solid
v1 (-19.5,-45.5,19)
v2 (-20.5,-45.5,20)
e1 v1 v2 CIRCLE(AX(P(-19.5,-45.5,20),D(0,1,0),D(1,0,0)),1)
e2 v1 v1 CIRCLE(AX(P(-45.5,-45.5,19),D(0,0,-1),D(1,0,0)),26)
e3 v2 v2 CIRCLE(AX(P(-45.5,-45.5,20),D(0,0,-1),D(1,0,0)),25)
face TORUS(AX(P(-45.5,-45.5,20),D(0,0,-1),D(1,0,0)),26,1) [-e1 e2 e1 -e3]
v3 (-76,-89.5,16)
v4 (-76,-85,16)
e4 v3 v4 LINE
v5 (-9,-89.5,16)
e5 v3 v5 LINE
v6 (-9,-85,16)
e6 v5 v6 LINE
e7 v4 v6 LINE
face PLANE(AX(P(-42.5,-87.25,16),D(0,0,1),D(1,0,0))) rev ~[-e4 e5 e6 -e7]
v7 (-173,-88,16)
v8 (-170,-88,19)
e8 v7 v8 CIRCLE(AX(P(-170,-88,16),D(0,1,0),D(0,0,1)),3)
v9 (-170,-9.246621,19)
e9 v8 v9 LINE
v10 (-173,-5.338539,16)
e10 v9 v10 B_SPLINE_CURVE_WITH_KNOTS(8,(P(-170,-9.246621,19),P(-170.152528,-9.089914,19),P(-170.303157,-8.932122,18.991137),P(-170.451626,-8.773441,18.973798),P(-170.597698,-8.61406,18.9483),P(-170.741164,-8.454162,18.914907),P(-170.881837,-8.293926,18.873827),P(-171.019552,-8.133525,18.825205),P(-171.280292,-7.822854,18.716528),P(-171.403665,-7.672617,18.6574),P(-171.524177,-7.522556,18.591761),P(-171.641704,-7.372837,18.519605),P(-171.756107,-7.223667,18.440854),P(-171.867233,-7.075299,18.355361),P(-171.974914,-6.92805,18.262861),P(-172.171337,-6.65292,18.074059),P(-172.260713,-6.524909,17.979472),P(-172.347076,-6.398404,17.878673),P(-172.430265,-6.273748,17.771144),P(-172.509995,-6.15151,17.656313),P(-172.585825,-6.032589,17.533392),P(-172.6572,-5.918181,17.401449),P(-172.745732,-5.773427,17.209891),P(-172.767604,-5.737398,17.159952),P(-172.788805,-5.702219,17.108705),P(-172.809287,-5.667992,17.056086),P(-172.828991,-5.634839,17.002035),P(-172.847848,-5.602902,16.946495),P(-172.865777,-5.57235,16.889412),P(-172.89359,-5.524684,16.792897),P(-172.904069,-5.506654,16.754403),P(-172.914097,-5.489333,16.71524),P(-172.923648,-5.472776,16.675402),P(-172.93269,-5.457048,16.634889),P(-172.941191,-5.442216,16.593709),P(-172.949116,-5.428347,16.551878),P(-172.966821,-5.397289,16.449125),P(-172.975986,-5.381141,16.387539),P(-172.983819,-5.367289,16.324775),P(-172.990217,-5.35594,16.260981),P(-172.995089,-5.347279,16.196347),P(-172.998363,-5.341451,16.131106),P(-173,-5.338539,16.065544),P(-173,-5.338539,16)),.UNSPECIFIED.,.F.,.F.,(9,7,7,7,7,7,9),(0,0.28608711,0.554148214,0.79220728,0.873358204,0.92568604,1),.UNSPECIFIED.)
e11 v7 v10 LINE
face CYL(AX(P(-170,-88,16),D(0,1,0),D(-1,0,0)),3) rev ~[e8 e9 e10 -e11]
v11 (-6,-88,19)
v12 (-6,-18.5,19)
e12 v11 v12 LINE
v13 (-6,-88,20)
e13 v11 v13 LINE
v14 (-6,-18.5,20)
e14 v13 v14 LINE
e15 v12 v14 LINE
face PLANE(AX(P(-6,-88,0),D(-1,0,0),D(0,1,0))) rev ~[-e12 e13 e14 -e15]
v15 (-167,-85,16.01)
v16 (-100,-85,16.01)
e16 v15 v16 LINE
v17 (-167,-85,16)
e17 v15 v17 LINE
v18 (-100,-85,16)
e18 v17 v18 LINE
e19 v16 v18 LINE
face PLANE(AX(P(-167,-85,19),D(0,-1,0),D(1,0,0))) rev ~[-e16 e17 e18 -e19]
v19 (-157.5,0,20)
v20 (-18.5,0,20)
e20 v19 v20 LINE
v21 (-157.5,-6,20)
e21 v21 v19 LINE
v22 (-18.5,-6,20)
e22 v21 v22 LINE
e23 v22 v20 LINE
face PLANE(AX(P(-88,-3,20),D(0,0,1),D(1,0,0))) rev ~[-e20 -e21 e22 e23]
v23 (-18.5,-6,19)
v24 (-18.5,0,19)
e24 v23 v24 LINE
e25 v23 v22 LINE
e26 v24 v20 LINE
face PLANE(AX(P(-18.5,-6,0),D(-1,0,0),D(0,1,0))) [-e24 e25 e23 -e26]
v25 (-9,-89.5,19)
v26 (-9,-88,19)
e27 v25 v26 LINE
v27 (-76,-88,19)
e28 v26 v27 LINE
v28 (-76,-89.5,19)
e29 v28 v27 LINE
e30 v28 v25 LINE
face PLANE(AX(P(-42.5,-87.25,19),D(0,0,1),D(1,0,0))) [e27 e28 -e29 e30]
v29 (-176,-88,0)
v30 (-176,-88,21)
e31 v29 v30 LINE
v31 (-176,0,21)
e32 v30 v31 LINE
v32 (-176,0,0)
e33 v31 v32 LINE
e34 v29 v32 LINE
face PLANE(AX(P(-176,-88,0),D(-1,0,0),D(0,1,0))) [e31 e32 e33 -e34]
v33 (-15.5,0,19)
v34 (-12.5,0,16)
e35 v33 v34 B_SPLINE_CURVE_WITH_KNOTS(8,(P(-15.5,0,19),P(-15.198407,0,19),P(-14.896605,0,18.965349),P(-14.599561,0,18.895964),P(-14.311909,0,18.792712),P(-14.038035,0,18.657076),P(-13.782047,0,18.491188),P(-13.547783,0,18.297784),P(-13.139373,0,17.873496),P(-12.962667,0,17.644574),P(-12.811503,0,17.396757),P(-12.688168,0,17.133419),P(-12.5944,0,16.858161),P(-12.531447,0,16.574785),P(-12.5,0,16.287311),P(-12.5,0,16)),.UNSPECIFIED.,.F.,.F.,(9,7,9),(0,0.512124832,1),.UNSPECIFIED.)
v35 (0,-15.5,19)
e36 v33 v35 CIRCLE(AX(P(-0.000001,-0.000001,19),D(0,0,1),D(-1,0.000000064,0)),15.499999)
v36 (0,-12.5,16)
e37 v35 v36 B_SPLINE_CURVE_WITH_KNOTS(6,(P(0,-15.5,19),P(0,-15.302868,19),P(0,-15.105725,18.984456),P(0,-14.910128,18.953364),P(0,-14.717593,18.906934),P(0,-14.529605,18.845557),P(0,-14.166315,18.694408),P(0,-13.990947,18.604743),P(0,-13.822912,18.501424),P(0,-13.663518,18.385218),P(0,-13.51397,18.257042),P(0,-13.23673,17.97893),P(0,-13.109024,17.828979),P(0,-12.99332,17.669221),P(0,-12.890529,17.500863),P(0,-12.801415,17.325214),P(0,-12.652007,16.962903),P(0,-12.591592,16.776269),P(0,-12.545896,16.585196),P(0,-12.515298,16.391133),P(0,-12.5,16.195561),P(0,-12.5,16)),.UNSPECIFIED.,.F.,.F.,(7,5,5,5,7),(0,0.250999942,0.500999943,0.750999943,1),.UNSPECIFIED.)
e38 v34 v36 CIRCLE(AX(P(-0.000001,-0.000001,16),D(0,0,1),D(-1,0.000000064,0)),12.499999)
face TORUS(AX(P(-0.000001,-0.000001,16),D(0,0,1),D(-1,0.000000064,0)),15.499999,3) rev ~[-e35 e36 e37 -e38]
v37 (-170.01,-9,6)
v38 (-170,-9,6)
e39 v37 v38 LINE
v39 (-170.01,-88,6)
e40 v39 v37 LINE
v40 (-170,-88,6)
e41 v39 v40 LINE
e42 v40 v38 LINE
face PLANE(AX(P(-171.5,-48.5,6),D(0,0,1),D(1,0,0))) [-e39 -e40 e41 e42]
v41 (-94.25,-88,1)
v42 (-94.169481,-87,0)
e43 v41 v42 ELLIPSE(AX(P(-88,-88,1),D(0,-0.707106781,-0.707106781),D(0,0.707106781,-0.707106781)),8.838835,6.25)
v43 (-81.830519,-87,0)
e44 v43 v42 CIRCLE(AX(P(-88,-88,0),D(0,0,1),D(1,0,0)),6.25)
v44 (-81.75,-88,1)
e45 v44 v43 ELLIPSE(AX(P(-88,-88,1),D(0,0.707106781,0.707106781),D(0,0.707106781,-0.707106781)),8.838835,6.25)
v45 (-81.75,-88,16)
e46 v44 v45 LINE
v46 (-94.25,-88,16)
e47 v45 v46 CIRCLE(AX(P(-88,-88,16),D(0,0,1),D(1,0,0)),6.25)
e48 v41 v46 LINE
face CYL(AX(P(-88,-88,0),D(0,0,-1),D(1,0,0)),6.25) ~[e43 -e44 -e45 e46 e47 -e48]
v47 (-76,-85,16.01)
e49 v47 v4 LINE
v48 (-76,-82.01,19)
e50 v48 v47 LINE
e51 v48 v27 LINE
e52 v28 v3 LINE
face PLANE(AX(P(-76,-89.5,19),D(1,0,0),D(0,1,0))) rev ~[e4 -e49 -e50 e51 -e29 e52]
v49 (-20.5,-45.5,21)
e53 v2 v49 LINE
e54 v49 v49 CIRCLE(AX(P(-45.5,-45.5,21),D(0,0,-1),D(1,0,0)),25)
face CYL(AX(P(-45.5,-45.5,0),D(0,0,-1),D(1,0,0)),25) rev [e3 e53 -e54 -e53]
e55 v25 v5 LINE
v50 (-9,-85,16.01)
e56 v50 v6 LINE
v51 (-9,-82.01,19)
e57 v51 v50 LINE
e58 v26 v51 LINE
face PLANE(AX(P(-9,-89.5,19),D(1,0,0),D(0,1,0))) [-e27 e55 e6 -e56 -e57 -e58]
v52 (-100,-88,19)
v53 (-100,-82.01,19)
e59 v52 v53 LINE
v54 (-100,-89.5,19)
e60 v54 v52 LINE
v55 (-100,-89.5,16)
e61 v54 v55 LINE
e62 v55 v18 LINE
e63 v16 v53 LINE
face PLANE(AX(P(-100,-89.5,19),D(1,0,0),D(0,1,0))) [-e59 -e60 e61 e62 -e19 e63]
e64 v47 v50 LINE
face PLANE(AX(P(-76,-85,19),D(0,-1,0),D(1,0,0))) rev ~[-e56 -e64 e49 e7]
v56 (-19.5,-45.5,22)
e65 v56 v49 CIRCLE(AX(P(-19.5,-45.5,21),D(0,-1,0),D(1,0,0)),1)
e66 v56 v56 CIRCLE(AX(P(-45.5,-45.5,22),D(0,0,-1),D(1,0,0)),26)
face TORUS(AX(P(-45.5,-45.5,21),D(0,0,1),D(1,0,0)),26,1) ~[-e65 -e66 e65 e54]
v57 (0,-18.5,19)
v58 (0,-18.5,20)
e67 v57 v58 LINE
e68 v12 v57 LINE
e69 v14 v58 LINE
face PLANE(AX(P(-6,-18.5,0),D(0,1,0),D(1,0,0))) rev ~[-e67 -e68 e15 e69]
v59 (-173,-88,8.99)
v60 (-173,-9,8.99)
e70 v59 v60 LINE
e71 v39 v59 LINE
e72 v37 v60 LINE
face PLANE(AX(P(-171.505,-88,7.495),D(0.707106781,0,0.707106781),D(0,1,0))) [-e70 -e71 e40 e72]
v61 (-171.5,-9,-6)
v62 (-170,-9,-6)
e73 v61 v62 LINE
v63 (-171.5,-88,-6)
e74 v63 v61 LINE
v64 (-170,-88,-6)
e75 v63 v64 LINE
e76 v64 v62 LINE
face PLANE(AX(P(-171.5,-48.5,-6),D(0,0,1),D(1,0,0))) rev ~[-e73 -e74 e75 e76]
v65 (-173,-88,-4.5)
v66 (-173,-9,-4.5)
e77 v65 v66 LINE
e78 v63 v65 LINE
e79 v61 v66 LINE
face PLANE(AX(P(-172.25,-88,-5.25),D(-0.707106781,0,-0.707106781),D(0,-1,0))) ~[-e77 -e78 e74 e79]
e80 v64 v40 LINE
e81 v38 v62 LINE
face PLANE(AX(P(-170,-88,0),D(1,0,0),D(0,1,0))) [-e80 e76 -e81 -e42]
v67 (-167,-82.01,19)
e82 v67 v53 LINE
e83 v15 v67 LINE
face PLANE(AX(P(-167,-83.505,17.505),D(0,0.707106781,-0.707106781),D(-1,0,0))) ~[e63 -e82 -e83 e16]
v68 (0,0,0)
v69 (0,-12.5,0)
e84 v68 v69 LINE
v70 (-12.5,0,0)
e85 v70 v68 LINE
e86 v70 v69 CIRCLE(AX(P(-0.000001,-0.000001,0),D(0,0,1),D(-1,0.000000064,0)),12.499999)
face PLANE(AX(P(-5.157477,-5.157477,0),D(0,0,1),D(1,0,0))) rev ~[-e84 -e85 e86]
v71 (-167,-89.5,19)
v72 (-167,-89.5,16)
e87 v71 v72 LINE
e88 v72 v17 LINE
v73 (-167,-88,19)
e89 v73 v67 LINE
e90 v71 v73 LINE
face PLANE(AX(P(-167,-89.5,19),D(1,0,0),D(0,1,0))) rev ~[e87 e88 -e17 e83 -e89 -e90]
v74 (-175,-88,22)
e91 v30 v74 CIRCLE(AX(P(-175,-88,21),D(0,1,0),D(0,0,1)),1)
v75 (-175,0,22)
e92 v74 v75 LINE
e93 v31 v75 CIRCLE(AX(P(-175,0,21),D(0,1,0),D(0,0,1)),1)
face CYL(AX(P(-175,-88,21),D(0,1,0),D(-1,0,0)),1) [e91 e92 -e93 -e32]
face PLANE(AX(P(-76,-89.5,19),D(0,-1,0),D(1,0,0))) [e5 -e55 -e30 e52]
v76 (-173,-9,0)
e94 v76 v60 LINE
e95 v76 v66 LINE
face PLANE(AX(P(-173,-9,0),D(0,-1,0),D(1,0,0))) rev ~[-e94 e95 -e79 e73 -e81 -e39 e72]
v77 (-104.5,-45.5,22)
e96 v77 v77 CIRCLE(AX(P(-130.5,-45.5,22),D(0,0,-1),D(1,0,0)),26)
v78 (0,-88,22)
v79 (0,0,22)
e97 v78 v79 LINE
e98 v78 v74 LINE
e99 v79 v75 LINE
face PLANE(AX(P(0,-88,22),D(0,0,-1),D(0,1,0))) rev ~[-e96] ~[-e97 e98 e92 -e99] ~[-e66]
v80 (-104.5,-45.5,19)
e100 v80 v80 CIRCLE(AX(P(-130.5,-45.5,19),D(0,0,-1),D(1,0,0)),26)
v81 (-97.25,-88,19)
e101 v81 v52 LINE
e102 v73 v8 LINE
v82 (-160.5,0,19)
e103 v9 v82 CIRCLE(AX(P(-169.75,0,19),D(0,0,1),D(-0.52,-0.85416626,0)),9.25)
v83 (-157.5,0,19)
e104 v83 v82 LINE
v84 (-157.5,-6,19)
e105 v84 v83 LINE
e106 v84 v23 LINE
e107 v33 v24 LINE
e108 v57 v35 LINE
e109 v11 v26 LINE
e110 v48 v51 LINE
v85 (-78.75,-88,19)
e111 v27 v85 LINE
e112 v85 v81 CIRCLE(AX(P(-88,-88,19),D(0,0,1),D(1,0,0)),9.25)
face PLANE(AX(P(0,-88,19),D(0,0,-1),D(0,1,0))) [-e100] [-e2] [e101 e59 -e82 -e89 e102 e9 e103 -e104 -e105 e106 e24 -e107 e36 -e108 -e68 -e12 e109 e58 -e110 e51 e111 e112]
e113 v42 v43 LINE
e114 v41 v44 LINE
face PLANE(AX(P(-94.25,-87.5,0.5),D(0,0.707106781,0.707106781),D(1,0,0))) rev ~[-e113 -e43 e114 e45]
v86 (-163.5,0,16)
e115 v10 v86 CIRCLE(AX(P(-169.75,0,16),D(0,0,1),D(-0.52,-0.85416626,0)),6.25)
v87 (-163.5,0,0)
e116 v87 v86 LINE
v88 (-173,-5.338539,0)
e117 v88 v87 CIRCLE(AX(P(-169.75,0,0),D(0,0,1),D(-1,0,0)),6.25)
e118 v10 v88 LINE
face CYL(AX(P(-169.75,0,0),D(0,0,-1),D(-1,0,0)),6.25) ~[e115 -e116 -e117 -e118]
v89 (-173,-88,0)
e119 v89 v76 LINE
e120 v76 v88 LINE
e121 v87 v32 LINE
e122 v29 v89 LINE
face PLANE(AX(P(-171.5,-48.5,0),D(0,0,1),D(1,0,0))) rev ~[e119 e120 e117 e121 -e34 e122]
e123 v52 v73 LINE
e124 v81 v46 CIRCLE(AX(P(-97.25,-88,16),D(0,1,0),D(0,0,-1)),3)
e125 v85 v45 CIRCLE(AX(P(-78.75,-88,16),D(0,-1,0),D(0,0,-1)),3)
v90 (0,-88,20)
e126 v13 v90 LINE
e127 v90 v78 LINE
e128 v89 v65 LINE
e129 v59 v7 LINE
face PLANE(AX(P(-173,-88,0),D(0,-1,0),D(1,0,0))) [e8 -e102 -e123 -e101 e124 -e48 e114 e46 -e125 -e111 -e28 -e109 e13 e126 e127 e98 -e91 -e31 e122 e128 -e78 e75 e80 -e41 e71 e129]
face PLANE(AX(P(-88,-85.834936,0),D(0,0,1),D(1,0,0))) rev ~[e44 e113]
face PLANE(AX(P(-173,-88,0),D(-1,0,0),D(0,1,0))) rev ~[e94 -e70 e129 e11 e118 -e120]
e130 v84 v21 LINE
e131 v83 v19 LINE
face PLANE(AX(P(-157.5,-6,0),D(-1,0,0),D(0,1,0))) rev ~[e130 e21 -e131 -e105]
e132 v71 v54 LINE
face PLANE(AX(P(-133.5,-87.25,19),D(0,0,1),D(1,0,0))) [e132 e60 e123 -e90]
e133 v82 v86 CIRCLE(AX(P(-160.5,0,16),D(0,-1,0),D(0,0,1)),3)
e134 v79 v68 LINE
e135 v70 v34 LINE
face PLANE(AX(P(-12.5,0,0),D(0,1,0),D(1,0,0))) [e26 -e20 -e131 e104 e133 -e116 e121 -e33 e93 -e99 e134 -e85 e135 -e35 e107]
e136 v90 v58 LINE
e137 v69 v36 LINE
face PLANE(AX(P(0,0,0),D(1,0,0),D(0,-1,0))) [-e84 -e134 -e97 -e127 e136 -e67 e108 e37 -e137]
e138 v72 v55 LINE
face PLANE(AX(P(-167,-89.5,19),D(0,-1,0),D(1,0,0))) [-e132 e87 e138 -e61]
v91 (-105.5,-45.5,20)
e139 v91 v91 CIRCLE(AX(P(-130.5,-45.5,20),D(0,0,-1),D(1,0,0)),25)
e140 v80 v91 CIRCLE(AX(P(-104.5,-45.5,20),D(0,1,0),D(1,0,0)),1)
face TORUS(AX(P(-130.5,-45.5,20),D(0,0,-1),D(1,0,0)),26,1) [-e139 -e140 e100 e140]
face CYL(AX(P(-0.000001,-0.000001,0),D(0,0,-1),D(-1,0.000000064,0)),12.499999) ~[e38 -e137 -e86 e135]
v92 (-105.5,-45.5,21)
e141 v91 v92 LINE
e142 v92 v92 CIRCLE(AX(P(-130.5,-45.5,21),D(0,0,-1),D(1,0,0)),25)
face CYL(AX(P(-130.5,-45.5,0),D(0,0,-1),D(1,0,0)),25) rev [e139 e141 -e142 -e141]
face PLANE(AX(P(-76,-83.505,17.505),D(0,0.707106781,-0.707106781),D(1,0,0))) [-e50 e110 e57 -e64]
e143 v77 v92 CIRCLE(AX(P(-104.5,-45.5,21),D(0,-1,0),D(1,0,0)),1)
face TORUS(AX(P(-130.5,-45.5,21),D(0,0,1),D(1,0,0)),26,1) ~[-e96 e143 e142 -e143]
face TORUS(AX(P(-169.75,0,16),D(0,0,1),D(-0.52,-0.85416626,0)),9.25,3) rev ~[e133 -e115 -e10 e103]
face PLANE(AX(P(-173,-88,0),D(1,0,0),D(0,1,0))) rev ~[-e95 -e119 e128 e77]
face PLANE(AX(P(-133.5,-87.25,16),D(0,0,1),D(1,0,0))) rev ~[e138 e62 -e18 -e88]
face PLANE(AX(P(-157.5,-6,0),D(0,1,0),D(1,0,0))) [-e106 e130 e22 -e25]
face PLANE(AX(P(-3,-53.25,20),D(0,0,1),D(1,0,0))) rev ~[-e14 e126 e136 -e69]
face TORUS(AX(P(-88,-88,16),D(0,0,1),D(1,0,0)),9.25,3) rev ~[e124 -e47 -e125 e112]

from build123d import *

# Parameters (mm, degrees)
SKETCH028_W          = 88
SKETCH028_H          = 3
PAD012_DEPTH         = 176
SKETCH029_R          = 25
POCKET015_DEPTH      = 100
POCKET015_DEPTH_BACK = 100
PAD014_DEPTH         = 19
SKETCH032_W          = 139
SKETCH032_H          = 6
SKETCH032_W_2        = 6
SKETCH032_H_2        = 69.5
POCKET016_DEPTH      = 20
SKETCH043_W          = 3
SKETCH043_H          = 88
PAD019_DEPTH         = 19
SKETCH044_W          = 3
SKETCH044_H          = 79
PAD020_DEPTH         = 6
PAD020_DEPTH_BACK    = 6
CHAMFER007_SIZE      = 2.99
CHAMFER008_SIZE      = 1.5
FILLET012_R          = 3
FILLET013_R          = 1
SKETCH086_W          = 67
SKETCH086_H          = 4.5
PAD037_DEPTH         = 3
CHAMFER011_SIZE      = 2.99
CHAMFER013_SIZE      = 1


with BuildPart() as part:
    # Sketch028 → Pad012 (new body)
    with BuildSketch(Plane.YZ):
        with Locations((-44, 20.5)):
            Rectangle(SKETCH028_W, SKETCH028_H)
    extrude(amount=-PAD012_DEPTH)

    # Sketch029 → Pocket015 (cut, two sides)
    with BuildSketch(Plane.XY) as pocket015_sk:
        with Locations((-130.5, -45.5)):
            Circle(SKETCH029_R)
        with Locations((-45.5, -45.5)):
            Circle(SKETCH029_R)
    extrude(amount=-POCKET015_DEPTH, mode=Mode.SUBTRACT)
    extrude(pocket015_sk.sketch, amount=POCKET015_DEPTH_BACK, mode=Mode.SUBTRACT)

    # Sketch031 → Pad014 (join)
    with BuildSketch(Plane.XY):
        with BuildLine():
            ThreePointArc((-12.5, 0), (-8.838835, -8.838835), (0, -12.5))
            Line((0, 0), (0, -12.5))
            Line((-12.5, 0), (0, 0))
        make_face()
        with BuildLine():
            ThreePointArc((-176, 0), (-169.75, -6.25), (-163.5, 0))
            Line((-176, 0), (-163.5, 0))
        make_face()
        with BuildLine():
            ThreePointArc((-81.75, -88), (-88, -81.75), (-94.25, -88))
            Line((-94.25, -88), (-81.75, -88))
        make_face()
    extrude(amount=PAD014_DEPTH)

    # Sketch032 → Pocket016 (cut)
    with BuildSketch(Plane.XY):
        with Locations((-88, -3)):
            Rectangle(SKETCH032_W, SKETCH032_H)
        with Locations((-3, -53.25)):
            Rectangle(SKETCH032_W_2, SKETCH032_H_2)
    extrude(amount=POCKET016_DEPTH, mode=Mode.SUBTRACT)

    # Sketch043 → Pad019 (join)
    with BuildSketch(Plane.XY):
        with Locations((-174.5, -44)):
            Rectangle(SKETCH043_W, SKETCH043_H)
    extrude(amount=PAD019_DEPTH)

    # Sketch044 → Pad020 (join, two sides)
    with BuildSketch(Plane.XY) as pad020_sk:
        with Locations((-171.5, -48.5)):
            Rectangle(SKETCH044_W, SKETCH044_H)
    extrude(amount=PAD020_DEPTH)
    extrude(pad020_sk.sketch, amount=-PAD020_DEPTH_BACK)

    # Chamfer007
    chamfer007_edges = [part.edges().sort_by_distance(p)[0] for p in [
        (-173, -48.5, 6),
    ]]
    chamfer(chamfer007_edges, length=CHAMFER007_SIZE)

    # Chamfer008
    chamfer008_edges = [part.edges().sort_by_distance(p)[0] for p in [
        (-173, -48.5, -6),
    ]]
    chamfer(chamfer008_edges, length=CHAMFER008_SIZE)

    # Fillet012
    fillet012_edges = [part.edges().sort_by_distance(p)[0] for p in [
        (-166.688138, -5.448624, 19),
        (-88, -81.75, 19),
        (-8.838835, -8.838835, 19),
        (-173, -46.66927, 19),
    ]]
    fillet(fillet012_edges, radius=FILLET012_R)

    # Fillet013
    fillet013_edges = [part.edges().sort_by_distance(p)[0] for p in [
        (-155.5, -45.5, 22),
        (-105.5, -45.5, 20.5),
        (-155.5, -45.5, 19),
        (-70.5, -45.5, 22),
        (-20.5, -45.5, 20.5),
        (-70.5, -45.5, 19),
        (-176, -44, 22),
    ]]
    fillet(fillet013_edges, radius=FILLET013_R)

    # Sketch086 → Pad037 (join)
    with BuildSketch(Plane.XY.offset(19)):
        with Locations((-133.5, -87.25)):
            Rectangle(SKETCH086_W, SKETCH086_H)
        with Locations((-42.5, -87.25)):
            Rectangle(SKETCH086_W, SKETCH086_H)
    extrude(amount=-PAD037_DEPTH)

    # Chamfer011
    chamfer011_edges = [part.edges().sort_by_distance(p)[0] for p in [
        (-133.5, -85, 19),
        (-42.5, -85, 19),
    ]]
    chamfer(chamfer011_edges, length=CHAMFER011_SIZE)

    # Chamfer013
    chamfer013_edges = [part.edges().sort_by_distance(p)[0] for p in [
        (-88, -88, 0),
    ]]
    chamfer(chamfer013_edges, length=CHAMFER013_SIZE)


solid = part.part
